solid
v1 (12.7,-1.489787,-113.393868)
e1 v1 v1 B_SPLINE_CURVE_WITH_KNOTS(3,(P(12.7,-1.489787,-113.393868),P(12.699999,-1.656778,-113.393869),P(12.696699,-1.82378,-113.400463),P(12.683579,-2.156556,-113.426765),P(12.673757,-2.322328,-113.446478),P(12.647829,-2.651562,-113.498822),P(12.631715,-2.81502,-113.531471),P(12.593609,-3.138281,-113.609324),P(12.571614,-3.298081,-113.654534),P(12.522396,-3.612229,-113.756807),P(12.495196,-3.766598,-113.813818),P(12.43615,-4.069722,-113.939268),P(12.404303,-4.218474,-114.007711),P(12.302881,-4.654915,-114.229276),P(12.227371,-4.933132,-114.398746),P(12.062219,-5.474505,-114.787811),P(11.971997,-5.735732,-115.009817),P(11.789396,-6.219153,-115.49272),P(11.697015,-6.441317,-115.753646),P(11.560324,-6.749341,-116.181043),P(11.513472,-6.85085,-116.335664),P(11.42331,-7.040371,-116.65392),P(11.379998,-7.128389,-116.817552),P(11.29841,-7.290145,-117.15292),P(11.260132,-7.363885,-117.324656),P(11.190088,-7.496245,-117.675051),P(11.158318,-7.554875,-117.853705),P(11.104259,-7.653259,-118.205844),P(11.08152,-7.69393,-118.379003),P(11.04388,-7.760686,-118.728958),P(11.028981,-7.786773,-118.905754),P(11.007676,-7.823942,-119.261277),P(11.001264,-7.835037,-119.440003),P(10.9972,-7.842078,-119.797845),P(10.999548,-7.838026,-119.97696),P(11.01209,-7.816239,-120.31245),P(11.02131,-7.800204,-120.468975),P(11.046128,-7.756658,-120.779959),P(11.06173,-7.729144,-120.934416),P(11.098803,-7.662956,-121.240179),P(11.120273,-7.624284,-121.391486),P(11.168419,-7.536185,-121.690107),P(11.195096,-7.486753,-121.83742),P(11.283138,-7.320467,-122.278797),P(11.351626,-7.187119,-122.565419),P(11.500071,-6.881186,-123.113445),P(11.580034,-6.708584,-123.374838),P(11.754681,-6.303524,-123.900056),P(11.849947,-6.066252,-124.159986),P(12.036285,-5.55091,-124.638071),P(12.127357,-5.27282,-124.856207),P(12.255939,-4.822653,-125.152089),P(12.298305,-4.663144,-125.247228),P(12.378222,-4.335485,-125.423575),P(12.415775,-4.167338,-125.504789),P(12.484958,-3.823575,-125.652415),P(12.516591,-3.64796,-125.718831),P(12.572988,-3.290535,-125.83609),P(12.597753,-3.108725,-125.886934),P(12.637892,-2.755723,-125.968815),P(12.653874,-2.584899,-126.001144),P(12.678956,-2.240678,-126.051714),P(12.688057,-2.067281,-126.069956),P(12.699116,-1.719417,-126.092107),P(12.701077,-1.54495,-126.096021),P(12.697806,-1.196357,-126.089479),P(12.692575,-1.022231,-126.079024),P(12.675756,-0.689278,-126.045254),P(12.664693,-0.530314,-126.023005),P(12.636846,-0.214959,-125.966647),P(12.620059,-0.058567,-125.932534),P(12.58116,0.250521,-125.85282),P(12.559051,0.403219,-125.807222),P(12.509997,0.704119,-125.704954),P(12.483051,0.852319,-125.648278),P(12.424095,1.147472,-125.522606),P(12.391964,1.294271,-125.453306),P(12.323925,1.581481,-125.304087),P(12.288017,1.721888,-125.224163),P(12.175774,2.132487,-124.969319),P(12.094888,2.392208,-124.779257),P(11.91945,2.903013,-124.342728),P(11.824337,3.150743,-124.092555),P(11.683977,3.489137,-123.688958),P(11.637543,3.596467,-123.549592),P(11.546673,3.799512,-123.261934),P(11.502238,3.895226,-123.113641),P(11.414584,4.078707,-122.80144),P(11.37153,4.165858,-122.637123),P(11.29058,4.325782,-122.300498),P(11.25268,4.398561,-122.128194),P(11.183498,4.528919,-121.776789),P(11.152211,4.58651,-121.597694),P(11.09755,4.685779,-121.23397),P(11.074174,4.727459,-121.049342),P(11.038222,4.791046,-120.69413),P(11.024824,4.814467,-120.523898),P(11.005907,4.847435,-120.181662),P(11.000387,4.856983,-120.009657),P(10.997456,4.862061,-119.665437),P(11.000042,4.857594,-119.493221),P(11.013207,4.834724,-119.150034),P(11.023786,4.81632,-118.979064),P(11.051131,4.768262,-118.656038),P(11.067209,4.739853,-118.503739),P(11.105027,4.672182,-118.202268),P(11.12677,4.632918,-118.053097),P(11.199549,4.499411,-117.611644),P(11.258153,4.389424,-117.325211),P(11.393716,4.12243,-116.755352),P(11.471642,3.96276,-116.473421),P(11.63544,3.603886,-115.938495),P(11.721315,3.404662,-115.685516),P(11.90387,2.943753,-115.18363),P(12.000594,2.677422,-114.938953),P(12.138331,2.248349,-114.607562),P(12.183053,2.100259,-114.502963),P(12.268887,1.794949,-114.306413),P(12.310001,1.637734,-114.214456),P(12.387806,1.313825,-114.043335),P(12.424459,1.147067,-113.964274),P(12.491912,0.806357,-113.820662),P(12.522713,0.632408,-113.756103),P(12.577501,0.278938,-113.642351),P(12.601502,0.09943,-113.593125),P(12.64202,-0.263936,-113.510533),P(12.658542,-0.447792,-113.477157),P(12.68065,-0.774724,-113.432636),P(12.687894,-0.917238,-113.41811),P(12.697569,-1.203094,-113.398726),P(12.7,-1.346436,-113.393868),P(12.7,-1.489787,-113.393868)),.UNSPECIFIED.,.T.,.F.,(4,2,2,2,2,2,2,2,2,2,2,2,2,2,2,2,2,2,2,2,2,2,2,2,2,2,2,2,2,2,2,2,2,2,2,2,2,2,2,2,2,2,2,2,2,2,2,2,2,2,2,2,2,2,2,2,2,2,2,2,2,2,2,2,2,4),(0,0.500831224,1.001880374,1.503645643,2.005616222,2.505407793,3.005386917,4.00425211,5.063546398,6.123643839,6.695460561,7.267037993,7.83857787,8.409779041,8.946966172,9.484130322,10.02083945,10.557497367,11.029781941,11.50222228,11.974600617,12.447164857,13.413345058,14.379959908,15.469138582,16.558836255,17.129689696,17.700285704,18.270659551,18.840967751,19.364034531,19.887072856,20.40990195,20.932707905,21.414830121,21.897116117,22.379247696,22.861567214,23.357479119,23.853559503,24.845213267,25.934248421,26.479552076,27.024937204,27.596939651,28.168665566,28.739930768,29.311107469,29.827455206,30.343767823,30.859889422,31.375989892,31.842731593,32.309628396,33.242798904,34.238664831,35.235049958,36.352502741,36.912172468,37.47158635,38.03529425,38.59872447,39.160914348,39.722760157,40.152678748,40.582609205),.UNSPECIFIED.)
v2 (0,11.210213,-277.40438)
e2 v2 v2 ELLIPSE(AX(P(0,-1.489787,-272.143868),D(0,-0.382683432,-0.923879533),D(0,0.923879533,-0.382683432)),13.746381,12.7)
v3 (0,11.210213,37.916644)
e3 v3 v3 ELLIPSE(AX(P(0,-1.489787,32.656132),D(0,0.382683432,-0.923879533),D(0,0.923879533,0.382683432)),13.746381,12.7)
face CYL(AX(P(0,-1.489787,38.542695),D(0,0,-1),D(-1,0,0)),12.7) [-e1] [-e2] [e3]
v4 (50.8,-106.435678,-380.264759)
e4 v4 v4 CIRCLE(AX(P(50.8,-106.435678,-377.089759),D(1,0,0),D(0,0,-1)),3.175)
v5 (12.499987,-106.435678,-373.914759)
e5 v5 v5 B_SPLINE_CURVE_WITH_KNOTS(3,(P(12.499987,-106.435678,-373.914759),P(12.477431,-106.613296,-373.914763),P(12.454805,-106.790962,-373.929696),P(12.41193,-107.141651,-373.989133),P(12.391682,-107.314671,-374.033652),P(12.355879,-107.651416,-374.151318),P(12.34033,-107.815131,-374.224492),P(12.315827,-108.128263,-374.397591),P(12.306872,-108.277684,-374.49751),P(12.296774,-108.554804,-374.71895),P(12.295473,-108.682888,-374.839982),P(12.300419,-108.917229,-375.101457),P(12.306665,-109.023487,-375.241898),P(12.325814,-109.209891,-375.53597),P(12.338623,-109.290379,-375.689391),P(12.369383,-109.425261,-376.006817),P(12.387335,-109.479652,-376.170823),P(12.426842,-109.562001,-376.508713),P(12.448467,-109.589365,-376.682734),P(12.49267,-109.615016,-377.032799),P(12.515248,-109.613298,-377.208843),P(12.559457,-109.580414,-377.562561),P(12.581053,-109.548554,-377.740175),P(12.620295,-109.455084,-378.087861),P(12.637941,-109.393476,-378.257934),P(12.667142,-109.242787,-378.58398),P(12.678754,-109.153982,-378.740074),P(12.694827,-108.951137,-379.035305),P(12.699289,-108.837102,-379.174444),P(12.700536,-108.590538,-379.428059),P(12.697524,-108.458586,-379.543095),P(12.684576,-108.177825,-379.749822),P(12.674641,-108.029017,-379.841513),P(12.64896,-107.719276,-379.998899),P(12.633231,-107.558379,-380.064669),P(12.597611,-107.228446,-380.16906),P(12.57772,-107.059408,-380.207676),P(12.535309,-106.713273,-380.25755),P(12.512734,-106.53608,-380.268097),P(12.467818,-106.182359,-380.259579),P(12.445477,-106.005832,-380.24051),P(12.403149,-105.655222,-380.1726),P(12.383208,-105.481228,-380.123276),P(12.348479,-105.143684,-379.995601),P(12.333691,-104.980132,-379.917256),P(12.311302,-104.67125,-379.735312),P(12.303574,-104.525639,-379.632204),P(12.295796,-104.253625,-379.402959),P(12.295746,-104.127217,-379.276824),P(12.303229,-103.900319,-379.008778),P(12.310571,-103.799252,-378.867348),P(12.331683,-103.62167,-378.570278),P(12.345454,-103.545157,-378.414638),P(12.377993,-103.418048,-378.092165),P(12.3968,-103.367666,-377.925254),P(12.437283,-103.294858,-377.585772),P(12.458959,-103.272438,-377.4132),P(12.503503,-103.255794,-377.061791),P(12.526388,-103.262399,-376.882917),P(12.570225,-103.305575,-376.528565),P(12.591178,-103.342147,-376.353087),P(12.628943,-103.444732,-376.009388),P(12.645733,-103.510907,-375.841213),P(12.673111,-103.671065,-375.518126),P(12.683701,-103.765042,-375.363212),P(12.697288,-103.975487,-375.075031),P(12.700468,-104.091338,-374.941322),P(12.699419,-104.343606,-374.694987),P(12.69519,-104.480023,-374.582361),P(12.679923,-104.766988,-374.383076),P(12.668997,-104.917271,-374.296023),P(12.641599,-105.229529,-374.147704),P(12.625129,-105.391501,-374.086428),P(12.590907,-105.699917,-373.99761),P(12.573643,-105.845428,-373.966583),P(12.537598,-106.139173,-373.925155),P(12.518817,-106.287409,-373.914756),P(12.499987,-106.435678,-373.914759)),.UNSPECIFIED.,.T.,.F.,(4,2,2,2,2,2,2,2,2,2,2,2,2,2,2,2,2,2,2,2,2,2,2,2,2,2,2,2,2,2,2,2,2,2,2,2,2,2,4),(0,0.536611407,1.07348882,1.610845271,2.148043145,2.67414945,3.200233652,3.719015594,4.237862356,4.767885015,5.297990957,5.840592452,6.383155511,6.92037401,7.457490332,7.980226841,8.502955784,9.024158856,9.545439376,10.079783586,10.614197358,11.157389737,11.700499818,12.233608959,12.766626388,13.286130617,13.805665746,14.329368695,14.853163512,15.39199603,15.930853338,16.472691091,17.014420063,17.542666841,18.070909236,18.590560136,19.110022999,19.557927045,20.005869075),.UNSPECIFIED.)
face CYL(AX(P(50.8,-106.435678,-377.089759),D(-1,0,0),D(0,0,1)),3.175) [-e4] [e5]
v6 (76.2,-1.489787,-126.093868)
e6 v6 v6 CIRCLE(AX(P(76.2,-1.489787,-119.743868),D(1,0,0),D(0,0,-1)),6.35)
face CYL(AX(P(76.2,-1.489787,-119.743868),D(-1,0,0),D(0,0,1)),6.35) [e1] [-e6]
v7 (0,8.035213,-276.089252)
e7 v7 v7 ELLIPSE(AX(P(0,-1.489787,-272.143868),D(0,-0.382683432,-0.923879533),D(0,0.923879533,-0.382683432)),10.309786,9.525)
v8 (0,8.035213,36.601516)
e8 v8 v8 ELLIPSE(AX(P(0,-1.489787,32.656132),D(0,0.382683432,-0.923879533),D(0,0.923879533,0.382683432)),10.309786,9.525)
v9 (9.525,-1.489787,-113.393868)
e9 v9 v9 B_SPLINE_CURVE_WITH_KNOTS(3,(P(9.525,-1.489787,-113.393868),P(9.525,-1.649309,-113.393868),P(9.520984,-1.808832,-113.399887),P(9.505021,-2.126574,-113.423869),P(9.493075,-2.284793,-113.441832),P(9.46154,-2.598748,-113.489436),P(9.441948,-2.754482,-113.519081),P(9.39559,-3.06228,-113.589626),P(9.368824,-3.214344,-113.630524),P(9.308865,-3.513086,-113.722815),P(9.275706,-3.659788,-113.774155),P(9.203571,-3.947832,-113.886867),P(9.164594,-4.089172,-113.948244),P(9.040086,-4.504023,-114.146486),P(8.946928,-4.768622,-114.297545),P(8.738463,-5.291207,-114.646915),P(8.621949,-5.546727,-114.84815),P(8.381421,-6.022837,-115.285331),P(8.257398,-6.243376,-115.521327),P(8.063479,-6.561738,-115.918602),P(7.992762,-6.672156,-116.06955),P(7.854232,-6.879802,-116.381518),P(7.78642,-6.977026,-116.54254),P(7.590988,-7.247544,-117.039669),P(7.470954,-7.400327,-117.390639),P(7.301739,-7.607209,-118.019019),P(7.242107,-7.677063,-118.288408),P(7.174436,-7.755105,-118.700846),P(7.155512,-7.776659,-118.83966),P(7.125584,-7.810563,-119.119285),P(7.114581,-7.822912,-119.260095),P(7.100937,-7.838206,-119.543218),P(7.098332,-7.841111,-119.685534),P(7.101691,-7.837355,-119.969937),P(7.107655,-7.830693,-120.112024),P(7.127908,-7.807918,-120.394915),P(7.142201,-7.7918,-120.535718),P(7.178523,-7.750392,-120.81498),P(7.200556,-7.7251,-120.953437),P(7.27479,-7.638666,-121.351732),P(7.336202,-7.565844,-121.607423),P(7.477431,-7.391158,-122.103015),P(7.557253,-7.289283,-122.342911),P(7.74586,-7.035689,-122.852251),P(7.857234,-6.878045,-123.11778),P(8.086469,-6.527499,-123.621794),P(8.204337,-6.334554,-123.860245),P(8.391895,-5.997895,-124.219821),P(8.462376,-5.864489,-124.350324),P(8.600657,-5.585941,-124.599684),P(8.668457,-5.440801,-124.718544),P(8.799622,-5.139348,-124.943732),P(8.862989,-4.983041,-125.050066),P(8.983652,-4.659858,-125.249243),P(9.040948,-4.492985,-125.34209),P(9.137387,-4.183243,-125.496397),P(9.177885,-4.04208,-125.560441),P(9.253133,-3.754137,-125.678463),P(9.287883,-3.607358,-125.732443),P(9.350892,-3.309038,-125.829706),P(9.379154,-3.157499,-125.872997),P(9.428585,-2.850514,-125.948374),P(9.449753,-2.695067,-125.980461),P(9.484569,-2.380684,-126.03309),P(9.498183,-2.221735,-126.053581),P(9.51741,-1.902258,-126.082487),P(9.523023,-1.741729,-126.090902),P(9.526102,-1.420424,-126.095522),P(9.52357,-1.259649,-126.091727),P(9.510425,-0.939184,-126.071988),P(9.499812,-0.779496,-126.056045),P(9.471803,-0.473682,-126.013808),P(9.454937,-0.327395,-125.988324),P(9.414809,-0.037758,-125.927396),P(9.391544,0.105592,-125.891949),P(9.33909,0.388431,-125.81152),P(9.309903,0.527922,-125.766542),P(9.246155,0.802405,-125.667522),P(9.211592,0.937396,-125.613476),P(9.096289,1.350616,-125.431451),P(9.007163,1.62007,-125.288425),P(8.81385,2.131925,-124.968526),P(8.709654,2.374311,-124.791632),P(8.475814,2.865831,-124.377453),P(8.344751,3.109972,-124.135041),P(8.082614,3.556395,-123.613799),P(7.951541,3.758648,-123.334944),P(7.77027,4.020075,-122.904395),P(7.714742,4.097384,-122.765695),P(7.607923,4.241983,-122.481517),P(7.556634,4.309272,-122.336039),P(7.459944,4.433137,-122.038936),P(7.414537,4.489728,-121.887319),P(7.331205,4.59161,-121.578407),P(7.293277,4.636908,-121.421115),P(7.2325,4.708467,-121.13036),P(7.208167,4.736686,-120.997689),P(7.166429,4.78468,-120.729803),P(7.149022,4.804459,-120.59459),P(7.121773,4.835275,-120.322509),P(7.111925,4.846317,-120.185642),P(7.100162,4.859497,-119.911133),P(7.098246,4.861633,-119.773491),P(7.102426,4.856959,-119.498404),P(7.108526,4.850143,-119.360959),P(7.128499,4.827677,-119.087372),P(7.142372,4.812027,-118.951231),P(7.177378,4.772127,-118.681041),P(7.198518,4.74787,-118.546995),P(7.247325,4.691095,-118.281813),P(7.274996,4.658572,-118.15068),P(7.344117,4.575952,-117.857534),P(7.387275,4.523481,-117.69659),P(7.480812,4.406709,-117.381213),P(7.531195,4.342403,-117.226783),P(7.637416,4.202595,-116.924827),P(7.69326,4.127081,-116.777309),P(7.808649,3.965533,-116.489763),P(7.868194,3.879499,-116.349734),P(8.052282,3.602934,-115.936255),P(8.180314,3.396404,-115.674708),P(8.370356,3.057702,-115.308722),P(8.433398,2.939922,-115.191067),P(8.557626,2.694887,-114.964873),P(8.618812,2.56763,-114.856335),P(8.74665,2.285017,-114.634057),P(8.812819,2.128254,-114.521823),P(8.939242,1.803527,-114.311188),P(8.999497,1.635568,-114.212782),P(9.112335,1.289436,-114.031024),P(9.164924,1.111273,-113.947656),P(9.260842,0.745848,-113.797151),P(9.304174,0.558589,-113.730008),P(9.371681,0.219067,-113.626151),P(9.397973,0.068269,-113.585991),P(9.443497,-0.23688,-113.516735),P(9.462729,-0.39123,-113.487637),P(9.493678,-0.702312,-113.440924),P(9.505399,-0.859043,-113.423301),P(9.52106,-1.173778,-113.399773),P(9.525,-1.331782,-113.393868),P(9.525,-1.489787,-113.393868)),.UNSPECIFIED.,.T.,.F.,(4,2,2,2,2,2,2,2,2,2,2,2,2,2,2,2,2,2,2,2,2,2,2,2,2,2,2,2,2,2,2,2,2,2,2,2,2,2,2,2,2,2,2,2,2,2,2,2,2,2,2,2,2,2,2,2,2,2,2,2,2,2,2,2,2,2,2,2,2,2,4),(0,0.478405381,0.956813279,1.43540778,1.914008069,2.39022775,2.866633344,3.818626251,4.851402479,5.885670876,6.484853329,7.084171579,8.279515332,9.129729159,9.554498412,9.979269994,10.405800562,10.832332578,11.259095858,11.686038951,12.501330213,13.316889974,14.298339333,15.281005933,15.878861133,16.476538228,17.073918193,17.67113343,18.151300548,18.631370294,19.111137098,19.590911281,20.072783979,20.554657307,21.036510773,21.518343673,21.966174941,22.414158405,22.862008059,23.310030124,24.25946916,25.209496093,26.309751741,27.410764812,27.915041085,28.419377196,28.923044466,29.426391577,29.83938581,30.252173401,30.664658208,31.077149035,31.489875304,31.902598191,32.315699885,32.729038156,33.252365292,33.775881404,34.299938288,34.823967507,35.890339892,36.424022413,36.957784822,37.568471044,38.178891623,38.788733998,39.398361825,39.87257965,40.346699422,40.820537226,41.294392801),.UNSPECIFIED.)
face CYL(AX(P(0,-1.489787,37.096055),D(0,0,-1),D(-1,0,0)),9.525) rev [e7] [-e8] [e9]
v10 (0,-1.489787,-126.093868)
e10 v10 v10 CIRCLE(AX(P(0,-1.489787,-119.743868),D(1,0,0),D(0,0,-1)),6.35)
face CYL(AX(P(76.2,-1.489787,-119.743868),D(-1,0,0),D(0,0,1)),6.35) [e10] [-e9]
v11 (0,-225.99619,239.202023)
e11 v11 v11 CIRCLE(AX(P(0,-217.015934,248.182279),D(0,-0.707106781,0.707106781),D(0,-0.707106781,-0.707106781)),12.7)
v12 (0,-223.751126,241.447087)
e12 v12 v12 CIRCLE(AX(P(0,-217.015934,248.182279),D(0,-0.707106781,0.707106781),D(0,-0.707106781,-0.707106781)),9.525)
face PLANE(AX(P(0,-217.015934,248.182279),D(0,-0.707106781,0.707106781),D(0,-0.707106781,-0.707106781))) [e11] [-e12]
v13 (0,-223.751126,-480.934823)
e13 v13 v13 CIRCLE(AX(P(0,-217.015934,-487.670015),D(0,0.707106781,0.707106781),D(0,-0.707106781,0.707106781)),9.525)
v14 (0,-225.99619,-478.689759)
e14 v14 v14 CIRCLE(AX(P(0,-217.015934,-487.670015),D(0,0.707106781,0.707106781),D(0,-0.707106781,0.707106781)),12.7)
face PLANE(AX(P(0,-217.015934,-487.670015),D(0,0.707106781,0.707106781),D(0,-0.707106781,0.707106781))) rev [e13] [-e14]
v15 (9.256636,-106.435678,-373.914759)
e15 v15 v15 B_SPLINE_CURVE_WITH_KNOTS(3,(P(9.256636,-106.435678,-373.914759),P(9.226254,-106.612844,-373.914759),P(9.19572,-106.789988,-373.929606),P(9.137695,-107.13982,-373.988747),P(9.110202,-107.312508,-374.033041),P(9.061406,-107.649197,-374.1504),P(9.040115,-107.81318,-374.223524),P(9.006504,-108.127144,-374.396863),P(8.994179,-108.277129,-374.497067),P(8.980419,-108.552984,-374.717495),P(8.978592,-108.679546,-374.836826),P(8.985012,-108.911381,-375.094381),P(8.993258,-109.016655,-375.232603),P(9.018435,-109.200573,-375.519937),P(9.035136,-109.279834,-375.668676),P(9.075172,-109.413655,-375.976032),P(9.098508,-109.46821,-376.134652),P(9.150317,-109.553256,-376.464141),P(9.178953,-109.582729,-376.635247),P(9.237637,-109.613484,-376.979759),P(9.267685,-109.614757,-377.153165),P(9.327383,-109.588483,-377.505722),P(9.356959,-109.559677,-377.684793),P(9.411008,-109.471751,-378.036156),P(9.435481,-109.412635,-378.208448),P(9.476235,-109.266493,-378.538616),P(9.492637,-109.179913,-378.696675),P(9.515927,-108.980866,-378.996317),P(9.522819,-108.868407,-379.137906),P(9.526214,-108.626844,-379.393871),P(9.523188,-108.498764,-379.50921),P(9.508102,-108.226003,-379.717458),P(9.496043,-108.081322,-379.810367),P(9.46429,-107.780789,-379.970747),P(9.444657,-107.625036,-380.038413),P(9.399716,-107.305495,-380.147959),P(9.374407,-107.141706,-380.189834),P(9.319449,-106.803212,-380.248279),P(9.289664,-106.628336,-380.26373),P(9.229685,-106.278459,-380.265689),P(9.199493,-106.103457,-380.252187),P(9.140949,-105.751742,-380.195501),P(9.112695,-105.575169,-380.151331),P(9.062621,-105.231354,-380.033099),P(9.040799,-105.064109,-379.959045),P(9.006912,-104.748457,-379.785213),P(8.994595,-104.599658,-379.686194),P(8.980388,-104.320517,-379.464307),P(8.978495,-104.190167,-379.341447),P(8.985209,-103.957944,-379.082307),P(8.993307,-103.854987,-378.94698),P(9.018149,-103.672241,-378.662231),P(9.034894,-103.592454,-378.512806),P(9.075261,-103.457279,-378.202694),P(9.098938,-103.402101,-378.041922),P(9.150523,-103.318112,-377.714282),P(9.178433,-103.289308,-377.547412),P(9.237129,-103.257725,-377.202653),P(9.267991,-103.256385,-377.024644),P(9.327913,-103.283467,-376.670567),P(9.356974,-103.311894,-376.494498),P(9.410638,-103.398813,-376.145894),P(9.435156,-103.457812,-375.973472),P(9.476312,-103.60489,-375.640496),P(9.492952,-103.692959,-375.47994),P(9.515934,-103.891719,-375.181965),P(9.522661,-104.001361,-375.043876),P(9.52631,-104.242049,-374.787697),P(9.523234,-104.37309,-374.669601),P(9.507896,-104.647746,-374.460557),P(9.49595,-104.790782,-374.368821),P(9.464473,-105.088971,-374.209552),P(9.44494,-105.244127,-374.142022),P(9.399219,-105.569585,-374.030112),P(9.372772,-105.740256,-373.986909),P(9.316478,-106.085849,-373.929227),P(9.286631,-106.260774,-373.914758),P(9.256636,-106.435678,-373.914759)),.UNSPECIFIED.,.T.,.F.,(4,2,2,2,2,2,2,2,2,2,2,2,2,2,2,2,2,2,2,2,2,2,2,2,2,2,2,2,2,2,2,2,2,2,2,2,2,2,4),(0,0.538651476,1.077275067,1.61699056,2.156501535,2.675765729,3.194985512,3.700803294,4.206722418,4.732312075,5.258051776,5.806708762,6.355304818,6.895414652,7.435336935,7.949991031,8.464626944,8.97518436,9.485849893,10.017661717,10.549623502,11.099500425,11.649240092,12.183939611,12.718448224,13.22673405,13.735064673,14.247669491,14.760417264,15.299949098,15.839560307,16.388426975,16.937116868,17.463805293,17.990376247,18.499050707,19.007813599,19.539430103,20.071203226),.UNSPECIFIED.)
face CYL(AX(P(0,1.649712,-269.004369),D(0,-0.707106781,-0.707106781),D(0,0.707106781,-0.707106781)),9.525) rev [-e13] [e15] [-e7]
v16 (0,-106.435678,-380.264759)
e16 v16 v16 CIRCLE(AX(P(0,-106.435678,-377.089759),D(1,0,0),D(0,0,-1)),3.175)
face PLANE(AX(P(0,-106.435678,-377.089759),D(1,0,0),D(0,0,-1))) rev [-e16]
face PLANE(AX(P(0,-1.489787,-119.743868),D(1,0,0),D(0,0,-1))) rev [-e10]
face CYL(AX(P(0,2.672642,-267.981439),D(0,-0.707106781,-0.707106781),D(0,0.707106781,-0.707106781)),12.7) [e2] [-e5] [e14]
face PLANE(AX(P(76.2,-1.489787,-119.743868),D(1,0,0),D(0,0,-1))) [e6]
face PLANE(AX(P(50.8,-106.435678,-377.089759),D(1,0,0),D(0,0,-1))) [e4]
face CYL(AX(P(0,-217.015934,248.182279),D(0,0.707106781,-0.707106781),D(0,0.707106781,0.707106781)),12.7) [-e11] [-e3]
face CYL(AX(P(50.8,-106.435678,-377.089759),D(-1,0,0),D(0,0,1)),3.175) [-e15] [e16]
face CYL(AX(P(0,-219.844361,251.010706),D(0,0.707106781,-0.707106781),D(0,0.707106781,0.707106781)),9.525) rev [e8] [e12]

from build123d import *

# Parameters (mm, degrees)
SWEEP1_PROFILE_R     = 12.7
CUT_SWEEP1_PROFILE_R = 9.525
SKETCH19_R           = 6.35
BOSS_EXTRUDE1_DEPTH  = 76.2
SKETCH28_R           = 3.175
BOSS_EXTRUDE2_DEPTH  = 50.8


with BuildPart() as part:
    # Sweep1: sweep along a path in Sketch2
    with BuildLine(Plane(origin=(0, 0, 0), x_dir=(0, 0, -1), z_dir=(1, 0, 0))) as sweep1_path:
        Line((-248.182278836, -217.015933946), (-32.65613193, -1.489787041))
        Line((-32.65613193, -1.489787041), (272.14386807, -1.489787041))
        Line((272.14386807, -1.489787041), (487.670014975, -217.015933946))
    # Sweep1 profile (on start of the path) → Sweep1 (sweep)
    with BuildSketch(Plane(origin=(0, -217.015933946, 248.182278836), x_dir=(0, 0.7071067811865461, 0.707106781186549), z_dir=(0, 0.707106781186549, -0.7071067811865461))):
        Circle(SWEEP1_PROFILE_R)
    sweep(path=sweep1_path.line, transition=Transition.RIGHT)

    # Cut-Sweep1: sweep along a path in Sketch2<2>
    with BuildLine(Plane(origin=(0, 0, 0), x_dir=(0, 0, -1), z_dir=(1, 0, 0))) as cut_sweep1_path:
        Line((-248.182278836, -217.015933946), (-32.65613193, -1.489787041))
        Line((-32.65613193, -1.489787041), (272.14386807, -1.489787041))
        Line((272.14386807, -1.489787041), (487.670014975, -217.015933946))
    # Cut-Sweep1 profile (on start of the path) → Cut-Sweep1 (sweep, cut)
    with BuildSketch(Plane(origin=(0, -217.015933946, 248.182278836), x_dir=(0, 0.7071067811865461, 0.707106781186549), z_dir=(0, 0.707106781186549, -0.7071067811865461))):
        Circle(CUT_SWEEP1_PROFILE_R)
    sweep(path=cut_sweep1_path.line, transition=Transition.RIGHT, mode=Mode.SUBTRACT)

    # Sketch19 → Boss-Extrude1 (add)
    with BuildSketch(Plane(origin=(0, 0, 0), x_dir=(0, 0, -1), z_dir=(1, 0, 0))):
        with Locations((119.74386807, -1.489787041)):
            Circle(SKETCH19_R)
    extrude(amount=BOSS_EXTRUDE1_DEPTH)

    # Sketch28 → Boss-Extrude2 (add)
    with BuildSketch(Plane(origin=(0, 0, 0), x_dir=(0, 0, -1), z_dir=(1, 0, 0))):
        with Locations((377.089758854, -106.435677825)):
            Circle(SKETCH28_R)
    extrude(amount=BOSS_EXTRUDE2_DEPTH)


solid = part.part
